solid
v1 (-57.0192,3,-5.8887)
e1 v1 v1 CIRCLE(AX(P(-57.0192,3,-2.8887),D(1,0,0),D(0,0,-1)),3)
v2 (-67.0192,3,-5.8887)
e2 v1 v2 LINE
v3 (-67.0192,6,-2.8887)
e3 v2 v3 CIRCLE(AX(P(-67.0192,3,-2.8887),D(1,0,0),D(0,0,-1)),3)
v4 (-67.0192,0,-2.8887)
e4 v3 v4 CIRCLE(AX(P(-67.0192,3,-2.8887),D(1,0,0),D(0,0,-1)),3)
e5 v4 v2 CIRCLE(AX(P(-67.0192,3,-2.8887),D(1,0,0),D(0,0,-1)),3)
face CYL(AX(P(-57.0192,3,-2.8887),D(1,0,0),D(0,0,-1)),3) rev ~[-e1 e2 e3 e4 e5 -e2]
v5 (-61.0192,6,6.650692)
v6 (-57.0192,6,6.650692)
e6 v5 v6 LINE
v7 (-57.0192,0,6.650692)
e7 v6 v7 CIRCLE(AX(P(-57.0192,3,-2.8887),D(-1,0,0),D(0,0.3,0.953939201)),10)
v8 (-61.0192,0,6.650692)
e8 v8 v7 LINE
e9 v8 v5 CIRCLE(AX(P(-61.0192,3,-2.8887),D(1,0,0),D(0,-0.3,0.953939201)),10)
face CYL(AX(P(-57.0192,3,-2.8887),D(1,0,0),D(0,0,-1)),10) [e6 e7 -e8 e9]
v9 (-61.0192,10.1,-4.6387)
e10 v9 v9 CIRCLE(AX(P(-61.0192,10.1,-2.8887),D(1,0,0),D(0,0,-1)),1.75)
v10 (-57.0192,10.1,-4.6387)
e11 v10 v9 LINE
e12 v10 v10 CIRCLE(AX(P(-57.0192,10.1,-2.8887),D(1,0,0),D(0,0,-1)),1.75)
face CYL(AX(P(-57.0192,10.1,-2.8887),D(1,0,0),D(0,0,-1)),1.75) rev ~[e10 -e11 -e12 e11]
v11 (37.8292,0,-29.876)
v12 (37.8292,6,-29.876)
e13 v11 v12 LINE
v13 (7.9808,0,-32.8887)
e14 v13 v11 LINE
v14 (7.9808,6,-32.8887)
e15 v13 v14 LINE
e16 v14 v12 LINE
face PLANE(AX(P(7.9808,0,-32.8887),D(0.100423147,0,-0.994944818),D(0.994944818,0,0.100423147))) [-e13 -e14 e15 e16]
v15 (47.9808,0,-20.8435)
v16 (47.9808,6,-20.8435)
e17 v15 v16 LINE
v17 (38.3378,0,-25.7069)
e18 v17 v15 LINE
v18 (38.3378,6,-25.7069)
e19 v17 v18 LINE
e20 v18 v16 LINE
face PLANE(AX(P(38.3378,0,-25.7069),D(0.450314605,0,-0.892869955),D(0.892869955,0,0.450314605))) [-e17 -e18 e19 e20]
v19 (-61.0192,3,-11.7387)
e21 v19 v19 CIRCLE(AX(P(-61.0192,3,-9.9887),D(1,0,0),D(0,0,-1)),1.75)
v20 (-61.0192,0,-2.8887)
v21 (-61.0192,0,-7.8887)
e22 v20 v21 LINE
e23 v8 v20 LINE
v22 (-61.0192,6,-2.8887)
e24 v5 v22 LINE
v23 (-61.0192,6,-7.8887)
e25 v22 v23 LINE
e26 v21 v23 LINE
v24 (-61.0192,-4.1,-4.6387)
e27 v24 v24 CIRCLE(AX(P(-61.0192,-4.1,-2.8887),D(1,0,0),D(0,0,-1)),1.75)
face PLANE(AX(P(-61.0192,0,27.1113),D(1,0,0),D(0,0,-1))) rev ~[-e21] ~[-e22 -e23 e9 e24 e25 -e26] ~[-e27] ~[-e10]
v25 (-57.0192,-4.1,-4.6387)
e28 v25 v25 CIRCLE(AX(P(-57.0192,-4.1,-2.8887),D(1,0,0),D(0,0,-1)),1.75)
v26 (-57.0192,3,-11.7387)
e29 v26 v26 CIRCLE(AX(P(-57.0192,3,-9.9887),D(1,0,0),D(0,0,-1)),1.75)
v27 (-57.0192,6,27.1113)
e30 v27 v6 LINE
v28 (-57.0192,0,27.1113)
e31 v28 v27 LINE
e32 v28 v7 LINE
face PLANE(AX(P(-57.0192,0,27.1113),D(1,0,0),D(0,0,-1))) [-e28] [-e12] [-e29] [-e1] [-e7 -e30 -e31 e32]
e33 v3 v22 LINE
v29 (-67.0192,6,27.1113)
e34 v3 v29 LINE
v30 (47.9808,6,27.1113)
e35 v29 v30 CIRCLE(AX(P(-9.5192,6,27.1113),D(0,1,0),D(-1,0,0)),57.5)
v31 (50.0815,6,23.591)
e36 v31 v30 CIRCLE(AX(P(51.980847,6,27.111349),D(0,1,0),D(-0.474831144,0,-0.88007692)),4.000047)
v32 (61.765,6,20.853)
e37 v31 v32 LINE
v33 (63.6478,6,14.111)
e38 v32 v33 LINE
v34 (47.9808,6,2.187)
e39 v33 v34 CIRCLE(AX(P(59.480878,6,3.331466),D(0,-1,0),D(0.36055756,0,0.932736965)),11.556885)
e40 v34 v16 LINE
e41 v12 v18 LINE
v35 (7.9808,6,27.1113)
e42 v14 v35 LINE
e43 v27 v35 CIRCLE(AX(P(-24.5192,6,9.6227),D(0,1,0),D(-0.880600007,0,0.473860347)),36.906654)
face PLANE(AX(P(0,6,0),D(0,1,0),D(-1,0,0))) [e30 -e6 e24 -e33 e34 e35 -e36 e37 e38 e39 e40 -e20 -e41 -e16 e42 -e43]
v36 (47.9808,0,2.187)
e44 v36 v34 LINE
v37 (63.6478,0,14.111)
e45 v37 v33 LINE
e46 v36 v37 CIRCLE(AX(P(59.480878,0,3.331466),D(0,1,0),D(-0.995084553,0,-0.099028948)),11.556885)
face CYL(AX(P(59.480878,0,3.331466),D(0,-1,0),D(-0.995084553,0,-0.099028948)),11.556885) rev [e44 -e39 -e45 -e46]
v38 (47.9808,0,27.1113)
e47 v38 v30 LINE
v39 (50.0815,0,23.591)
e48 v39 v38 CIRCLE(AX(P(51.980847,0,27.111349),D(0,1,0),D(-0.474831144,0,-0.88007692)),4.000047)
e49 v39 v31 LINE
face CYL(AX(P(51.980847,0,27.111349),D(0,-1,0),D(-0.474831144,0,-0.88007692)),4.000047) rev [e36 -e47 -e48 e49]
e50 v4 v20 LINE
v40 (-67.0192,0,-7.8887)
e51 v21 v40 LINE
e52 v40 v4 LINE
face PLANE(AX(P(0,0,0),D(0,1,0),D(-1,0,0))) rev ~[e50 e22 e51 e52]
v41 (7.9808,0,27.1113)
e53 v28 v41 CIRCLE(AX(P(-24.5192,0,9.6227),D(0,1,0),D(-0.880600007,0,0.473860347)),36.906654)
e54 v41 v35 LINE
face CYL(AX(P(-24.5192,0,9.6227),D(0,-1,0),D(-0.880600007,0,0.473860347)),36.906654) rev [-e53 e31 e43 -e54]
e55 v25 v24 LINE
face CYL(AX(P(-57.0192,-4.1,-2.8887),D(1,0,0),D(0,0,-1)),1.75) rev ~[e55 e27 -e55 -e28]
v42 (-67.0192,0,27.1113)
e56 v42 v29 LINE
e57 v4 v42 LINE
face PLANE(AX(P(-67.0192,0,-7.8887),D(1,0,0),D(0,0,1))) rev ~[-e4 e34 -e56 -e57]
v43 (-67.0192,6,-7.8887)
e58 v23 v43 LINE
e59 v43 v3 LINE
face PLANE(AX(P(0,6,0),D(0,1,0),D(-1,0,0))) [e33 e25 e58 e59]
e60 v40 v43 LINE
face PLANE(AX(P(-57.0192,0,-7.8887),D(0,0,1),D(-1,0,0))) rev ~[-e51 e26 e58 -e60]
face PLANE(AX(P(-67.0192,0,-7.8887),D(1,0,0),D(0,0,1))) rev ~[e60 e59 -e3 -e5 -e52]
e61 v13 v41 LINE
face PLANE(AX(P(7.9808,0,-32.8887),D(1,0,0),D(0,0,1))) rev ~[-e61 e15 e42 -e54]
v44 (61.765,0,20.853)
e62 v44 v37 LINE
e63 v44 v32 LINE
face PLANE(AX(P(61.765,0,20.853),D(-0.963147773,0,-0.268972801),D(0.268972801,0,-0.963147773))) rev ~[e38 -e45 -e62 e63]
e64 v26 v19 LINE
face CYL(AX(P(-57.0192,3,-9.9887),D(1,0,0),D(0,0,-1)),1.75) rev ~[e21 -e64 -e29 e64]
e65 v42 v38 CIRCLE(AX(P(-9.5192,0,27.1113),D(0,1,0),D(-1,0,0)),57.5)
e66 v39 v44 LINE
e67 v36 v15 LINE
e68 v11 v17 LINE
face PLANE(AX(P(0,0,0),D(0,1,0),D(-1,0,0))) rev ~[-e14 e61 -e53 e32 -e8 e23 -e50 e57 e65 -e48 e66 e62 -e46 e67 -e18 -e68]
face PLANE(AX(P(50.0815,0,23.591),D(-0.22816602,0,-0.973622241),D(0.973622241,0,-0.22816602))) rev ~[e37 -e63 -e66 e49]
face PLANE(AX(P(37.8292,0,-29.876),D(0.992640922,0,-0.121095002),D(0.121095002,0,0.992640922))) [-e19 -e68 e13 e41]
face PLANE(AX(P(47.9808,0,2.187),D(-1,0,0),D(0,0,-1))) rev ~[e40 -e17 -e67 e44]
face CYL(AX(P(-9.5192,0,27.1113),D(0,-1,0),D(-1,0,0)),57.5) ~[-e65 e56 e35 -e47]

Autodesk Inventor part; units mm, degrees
ref_plane "YZ Plane" through (0, 0, 0) normal (1, 0, 0) x (0, 1, 0)
ref_plane "XZ Plane" through (0, 0, 0) normal (0, 1, 0) x (-1, 0, 0)
ref_plane "XY Plane" through (0, 0, 0) normal (0, 0, 1) x (1, 0, 0)
sketch "prindere" plane through (0, 0, 0) normal (0, 0, 1) x (1, 0, 0)
  circle A0 centre (0, 0) radius 10 construction
  circle A1 centre (0, -7.1) radius 1.75 construction
  circle A2 centre (0, 7.1) radius 1.75 construction
  circle A3 centre (-7.1, 0) radius 1.75 construction
  circle A4 centre (7.1, 0) radius 1.75 construction
  circle A5 centre (0, 0) radius 1.65 construction
  dimension "d1" = 10
sketch "Sketch1" plane through (0, 0, 0) normal (0, 1, 0) x (-1, 0, 0)
  line L0 (67.0192, 27.1113) -> (57.0192, 27.1113) construction
  line L1 (57.0192, 27.1113) -> (57.0192, -7.8887)
  line L2 (57.0192, -7.8887) -> (67.0192, -7.8887)
  line L3 (67.0192, -7.8887) -> (67.0192, 27.1113)
  line L4 (-7.9808, 27.1113) -> (-47.9808, 27.1113) construction
  line L5 (-47.9808, 27.1113) -> (-47.9808, -20.8435)
  line L6 (-47.9808, -32.8887) -> (-7.9808, -32.8887) construction
  line L7 (-7.9808, -32.8887) -> (-7.9808, 27.1113)
  arc A0 (57.0192, 27.1113) -> (-7.9808, 27.1113) centre (24.5192, 9.6227) ccw
  arc A1 (67.0192, 27.1113) -> (-47.9808, 27.1113) centre (9.5192, 27.1113) ccw
  arc A2 (-50.0815, 23.591) -> (-47.9808, 27.1113) centre (-51.9808, 27.1113) ccw
  line L8 (-50.0815, 23.591) -> (-61.765, 20.853)
  line L9 (-61.765, 20.853) -> (-63.6478, 14.111)
  arc A3 (-47.9808, 2.187) -> (-63.6478, 14.111) centre (-59.4808, 3.3315) ccw
  line L10 (-7.9808, -32.8887) -> (-37.8292, -29.876)
  line L11 (-37.8292, -29.876) -> (-38.3378, -25.7069)
  line L12 (-38.3378, -25.7069) -> (-47.9808, -20.8435)
  line L13 (-47.9808, -20.8435) -> (-47.9808, -32.8887) construction
  point P0 (0, 0)
  dimension "d0" = 35
  dimension "d1" = 10
  dimension "d2" = 60
  dimension "d3" = 40
  dimension "d4" = 65
  dimension "d5" = 36.9066
  dimension "d6" = 12
  dimension "d7" = 4
  dimension "d8" = 7
  dimension "d9" = 11.5
  dimension "d10" = 30
  dimension "d11" = 10.8
  dimension "d12" = 4.2
  dimension "d13" = 11.5568
  dimension "d14" = 84.237
  dimension "d15" = 6.957
  dimension "d16" = 76.811
  dimension "d17" = 15.603
  dimension "d18" = 67.0192
  dimension "d19" = 7.8887
  dimension "d20" = 34.3956
extrude "Extrusion1" add sketch "Sketch1" along normal blind 6 contours A0 L7 L10 L11 L12 L5 A3 A1 L3 L2 L1 | L5 A3 L9 L8 A2
sketch "Sketch2" plane through (-57.0192, 0, 27.1113) normal (1, 0, 0) x (0, 0, -1)
  line L0 (0, 0) -> (35, 0) construction
  line L1 (35, 0) -> (35, 6) construction
  line L2 (0, 6) -> (35, 6) construction
  line L3 (0, 0) -> (0, 6) construction
  line L4 (0, 0) -> (0, 6) construction
  line L5 (0, 3) -> (35, 3) construction
  circle A0 centre (30, 3) radius 10
  circle A1 centre (30, 10.1) radius 1.75
  circle A2 centre (37.1, 3) radius 1.75
  circle A3 centre (30, -4.1) radius 1.75
  circle A4 centre (30, 3) radius 1.65
  point P0 (27.1113, 0)
  dimension "d23" = 5
extrude "Extrusion2" add sketch "Sketch2" against normal blind 4
sketch "Sketch3" plane through (-57.0192, 0, 27.1113) normal (1, 0, 0) x (0, 0, -1)
  arc A0 (20.4606, 0) -> (20.4606, 6) centre (30, 3) ccw projected
  circle A1 centre (30, 3) radius 3
  point P0 (27.1113, 0)
  dimension "d26" = 6
extrude "Extrusion3" cut sketch "Sketch3" against normal through all
equation "\"d1\" = hmic"
equation "\"d0\" = lmic"
equation "\"d2\" = lmare"
equation "\"d3\" = hmare"
equation "\"d4\" = rcerc"
equation "\"d6\" = laripa"
equation "\"d7\" = rcerculet1"
equation "\"d8\" = haripa"
equation "\"d9\" = rcerculet2"
equation "\"d10\" = 0.5 * lmare"
equation "\"d11\" = 0.18 * lmare"
equation "\"d12\" = 0.07 * lmare"
equation "\"d21\" = grosime"
equation "\"lmic\" = 35"
equation "\"hmic\" = 10"
equation "\"rcerc\" = 65"
equation "\"lmare\" = 60"
equation "\"hmare\" = 40"
equation "\"rcerculet1\" = 4"
equation "\"rcerculet2\" = 11.5"
equation "\"laripa\" = 12"
equation "\"haripa\" = 7"
equation "\"grosime\" = 6"
properties part number "carma"
